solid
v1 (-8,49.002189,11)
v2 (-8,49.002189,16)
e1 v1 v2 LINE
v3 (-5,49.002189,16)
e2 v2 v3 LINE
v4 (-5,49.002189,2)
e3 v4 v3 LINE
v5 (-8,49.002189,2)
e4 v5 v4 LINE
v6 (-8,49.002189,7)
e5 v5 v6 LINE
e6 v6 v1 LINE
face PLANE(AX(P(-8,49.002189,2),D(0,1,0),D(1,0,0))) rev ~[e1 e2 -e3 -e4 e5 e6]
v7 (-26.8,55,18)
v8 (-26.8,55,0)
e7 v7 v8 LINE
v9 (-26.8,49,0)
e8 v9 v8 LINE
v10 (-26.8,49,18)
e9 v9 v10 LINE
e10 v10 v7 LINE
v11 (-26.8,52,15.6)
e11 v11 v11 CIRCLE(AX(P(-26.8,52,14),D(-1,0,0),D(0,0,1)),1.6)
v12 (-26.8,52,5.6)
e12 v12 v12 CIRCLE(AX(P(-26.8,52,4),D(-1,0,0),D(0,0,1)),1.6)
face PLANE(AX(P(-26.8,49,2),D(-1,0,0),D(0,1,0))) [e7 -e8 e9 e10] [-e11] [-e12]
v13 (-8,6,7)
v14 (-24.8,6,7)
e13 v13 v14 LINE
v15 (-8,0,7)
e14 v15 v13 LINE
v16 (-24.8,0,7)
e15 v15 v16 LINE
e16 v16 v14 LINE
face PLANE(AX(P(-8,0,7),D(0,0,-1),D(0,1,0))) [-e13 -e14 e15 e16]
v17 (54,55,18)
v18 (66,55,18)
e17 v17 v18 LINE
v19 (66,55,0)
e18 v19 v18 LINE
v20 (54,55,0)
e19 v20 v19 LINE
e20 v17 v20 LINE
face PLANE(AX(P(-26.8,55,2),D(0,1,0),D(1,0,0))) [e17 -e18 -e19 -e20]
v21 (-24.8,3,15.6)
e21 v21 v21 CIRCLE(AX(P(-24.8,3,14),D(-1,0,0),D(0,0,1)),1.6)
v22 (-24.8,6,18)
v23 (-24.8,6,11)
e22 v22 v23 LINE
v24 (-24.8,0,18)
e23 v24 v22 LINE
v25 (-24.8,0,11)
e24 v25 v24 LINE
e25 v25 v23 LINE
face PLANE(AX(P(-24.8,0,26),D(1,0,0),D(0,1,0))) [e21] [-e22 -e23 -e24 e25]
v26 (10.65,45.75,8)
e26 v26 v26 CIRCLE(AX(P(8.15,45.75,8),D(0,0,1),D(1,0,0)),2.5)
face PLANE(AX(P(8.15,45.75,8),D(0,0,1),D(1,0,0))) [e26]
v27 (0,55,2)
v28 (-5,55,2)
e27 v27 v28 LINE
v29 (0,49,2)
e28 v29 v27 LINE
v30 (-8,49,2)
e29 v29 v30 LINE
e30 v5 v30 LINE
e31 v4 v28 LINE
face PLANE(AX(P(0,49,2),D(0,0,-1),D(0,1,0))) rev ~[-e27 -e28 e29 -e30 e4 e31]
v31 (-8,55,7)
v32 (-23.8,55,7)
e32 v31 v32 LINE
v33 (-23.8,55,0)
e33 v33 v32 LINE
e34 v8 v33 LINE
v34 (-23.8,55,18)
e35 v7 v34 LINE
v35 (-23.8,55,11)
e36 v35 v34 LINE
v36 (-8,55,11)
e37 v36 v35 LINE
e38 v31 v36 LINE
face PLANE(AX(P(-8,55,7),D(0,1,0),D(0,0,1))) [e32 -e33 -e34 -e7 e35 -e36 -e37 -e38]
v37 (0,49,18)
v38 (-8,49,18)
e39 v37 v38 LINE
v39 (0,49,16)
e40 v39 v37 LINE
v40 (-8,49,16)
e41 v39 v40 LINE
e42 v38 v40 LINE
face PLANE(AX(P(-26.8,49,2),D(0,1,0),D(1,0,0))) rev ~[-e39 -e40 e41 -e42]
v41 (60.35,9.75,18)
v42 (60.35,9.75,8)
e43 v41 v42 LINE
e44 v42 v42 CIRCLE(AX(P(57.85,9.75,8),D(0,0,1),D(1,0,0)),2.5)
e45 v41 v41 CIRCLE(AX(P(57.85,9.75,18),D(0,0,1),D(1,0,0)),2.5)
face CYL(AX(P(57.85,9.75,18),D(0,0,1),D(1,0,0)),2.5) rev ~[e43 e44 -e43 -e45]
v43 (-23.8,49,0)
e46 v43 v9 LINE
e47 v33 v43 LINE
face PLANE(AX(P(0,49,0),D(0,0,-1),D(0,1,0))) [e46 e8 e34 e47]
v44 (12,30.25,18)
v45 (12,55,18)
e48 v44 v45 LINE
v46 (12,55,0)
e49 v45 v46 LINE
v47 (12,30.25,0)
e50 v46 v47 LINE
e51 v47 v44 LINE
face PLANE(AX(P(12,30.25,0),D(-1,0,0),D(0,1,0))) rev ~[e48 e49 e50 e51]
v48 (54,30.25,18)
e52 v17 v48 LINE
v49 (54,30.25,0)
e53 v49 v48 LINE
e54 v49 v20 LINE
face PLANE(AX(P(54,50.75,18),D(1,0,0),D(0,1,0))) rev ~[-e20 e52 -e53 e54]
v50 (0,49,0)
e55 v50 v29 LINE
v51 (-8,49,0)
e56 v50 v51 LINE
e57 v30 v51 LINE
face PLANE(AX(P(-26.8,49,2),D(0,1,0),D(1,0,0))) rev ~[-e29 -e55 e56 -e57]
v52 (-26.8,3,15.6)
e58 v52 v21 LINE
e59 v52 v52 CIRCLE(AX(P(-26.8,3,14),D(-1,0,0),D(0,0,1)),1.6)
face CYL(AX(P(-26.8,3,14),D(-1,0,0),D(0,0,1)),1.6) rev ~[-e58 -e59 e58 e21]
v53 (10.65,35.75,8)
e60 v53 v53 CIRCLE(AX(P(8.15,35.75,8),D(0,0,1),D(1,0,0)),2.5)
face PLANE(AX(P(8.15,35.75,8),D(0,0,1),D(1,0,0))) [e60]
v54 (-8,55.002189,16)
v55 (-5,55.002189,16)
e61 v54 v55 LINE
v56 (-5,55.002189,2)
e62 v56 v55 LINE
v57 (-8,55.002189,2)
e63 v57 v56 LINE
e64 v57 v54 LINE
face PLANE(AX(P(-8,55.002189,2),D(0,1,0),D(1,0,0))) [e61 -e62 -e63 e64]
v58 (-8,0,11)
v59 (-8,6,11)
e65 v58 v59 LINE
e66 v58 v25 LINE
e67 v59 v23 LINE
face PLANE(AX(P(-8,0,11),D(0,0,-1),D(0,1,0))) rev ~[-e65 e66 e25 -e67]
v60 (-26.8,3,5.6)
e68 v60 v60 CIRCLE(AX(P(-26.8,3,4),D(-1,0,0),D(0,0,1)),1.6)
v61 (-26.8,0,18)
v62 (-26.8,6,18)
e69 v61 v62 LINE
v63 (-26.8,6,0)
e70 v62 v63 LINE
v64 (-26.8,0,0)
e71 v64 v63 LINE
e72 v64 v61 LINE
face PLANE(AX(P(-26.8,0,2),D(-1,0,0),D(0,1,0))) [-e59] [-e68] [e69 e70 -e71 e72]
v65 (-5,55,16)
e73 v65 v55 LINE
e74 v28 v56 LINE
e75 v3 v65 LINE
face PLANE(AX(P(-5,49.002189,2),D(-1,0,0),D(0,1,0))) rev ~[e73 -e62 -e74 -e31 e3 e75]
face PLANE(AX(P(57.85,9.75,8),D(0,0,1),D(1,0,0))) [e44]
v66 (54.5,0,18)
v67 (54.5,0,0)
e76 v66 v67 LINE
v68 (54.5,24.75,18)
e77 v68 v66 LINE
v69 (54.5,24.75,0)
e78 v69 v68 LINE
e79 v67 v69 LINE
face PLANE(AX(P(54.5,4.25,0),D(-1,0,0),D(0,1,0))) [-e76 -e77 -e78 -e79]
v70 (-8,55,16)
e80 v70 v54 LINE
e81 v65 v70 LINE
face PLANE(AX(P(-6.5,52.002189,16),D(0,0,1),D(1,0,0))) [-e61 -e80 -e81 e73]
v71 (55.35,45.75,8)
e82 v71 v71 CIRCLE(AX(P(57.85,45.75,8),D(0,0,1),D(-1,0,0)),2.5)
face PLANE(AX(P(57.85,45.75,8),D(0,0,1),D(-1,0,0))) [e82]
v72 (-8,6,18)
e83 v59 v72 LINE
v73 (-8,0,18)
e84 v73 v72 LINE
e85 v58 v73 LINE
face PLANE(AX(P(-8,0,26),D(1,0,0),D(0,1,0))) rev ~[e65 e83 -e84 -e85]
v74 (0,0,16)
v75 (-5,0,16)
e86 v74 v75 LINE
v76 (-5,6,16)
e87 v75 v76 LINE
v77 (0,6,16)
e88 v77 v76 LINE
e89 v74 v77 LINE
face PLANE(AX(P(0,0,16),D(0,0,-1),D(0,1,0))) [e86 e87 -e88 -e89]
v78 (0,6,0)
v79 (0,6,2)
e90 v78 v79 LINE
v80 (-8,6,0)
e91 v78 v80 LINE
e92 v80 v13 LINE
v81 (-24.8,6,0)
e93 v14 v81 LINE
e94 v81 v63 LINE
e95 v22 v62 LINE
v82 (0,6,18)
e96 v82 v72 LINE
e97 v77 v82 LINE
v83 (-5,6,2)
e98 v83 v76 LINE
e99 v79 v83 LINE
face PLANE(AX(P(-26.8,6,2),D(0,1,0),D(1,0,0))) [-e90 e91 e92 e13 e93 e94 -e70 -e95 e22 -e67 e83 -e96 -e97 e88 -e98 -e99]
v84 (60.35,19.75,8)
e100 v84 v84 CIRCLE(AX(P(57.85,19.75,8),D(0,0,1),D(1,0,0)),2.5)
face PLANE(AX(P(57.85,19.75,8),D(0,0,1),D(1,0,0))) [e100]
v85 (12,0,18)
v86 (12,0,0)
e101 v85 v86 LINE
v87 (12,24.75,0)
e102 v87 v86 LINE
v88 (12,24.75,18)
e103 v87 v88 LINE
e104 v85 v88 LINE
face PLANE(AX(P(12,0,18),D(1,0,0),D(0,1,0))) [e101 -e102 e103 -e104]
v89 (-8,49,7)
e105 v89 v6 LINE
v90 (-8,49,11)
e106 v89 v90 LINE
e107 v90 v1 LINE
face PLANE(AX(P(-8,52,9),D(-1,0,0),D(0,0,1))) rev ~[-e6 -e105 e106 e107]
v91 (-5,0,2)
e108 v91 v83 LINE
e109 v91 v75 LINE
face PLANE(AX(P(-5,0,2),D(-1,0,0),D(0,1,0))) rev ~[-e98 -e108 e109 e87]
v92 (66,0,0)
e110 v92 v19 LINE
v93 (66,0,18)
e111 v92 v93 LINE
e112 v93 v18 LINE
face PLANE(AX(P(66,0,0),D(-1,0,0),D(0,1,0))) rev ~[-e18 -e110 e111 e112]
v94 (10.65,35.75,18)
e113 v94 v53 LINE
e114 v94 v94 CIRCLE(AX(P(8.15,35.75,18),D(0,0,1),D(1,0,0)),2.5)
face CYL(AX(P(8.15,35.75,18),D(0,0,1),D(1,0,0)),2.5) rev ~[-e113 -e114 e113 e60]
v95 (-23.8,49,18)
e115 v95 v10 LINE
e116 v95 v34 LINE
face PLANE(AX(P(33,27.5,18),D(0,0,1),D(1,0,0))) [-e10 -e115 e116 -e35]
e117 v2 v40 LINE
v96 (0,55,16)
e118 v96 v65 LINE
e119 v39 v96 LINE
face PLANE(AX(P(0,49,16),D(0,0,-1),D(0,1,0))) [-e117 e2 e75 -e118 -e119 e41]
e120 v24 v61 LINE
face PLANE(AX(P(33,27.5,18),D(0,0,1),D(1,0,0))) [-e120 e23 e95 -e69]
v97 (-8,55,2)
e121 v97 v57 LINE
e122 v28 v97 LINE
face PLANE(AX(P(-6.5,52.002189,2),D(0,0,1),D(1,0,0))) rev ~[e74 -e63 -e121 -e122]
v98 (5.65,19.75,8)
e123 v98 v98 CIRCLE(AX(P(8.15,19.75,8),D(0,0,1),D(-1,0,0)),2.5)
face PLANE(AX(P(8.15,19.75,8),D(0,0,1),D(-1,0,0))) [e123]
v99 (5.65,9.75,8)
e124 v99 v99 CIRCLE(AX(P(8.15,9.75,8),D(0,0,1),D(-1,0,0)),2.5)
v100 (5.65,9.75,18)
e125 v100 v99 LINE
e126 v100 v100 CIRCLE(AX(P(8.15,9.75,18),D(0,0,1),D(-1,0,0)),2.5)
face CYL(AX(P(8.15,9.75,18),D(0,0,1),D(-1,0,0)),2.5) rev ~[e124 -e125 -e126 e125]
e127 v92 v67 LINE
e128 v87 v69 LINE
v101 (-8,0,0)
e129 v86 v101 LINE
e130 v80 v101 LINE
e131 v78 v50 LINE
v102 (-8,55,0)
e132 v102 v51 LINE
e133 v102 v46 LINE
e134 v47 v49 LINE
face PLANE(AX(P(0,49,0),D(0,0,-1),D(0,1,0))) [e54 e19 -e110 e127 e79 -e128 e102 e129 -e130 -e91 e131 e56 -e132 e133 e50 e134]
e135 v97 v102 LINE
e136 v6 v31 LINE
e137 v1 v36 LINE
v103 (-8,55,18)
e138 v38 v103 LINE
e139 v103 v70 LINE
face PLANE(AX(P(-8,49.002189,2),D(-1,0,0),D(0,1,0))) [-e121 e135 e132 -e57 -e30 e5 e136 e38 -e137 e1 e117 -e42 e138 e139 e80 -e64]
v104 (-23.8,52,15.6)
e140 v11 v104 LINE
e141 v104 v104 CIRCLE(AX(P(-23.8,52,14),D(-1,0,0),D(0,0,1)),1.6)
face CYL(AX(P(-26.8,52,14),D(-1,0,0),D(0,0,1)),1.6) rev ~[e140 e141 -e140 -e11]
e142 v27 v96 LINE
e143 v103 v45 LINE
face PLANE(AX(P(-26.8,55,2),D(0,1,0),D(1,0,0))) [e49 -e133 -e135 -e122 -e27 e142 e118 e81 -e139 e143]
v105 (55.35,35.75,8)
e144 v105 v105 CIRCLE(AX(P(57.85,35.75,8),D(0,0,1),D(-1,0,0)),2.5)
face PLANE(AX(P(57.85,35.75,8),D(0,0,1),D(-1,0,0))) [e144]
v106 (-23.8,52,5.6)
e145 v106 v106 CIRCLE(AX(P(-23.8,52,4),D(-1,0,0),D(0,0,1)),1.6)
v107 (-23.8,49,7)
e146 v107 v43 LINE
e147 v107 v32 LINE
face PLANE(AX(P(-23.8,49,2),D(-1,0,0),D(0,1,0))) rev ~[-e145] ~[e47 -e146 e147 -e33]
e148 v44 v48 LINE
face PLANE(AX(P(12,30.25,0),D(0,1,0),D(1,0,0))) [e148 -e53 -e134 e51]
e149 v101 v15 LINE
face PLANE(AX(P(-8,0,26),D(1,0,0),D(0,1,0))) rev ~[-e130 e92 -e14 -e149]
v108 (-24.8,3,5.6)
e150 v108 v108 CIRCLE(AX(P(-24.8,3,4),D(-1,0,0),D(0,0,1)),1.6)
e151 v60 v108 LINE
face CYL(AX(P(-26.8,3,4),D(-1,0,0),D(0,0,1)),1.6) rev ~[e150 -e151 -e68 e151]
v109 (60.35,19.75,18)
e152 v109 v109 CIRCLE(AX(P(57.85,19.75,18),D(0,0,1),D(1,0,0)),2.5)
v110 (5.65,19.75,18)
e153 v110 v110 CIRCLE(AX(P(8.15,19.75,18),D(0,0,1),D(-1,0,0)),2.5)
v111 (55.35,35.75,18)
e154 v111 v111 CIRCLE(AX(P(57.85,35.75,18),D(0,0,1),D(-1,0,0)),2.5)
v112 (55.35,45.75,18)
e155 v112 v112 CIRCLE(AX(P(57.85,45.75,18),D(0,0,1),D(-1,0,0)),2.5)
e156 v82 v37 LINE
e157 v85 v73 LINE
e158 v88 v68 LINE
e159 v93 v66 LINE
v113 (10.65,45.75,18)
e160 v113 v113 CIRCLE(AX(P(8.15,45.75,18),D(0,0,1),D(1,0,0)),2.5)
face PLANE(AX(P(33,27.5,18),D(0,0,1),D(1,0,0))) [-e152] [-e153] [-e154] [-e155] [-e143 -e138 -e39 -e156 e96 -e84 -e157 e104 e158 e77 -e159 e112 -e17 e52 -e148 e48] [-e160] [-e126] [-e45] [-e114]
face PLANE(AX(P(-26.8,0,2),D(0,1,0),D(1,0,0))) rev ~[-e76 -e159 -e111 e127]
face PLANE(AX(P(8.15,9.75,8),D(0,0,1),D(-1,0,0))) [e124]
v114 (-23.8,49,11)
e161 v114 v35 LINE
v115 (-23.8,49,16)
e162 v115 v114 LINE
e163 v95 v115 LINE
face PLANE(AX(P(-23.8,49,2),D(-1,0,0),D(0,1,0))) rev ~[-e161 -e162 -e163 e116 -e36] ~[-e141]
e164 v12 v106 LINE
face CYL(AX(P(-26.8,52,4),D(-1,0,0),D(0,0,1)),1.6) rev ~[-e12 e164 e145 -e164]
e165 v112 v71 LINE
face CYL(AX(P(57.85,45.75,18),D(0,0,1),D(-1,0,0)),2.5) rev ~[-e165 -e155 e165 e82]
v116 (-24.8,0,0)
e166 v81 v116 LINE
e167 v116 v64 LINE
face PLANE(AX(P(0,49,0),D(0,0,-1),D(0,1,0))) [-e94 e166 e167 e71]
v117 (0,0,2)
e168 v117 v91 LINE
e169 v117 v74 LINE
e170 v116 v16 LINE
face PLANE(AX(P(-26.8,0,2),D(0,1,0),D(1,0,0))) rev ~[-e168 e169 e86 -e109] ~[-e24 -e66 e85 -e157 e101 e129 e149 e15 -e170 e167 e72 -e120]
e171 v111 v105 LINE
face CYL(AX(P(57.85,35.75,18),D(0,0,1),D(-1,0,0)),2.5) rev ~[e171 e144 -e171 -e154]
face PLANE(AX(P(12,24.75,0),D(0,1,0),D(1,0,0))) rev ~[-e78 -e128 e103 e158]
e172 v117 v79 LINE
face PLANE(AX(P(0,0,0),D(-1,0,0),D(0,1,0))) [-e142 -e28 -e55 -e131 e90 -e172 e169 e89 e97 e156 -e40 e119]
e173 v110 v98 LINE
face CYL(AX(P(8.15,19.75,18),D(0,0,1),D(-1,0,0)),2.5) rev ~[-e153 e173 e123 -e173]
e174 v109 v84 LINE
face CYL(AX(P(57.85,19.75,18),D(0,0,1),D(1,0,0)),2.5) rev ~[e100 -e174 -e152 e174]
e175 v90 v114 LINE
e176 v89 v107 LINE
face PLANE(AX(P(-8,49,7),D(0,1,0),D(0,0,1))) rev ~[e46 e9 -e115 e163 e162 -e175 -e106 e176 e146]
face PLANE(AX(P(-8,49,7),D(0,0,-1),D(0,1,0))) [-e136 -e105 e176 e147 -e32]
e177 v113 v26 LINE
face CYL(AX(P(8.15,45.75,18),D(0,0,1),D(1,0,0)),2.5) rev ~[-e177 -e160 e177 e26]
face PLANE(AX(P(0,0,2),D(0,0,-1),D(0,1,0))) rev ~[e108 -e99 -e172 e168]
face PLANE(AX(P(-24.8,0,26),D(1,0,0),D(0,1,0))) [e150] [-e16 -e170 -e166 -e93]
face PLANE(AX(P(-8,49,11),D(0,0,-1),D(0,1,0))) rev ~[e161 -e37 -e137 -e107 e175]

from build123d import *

# Parameters (mm, degrees)
SKETCH2_W               = 66
SKETCH2_H               = 55
SKETCH2_W_2             = 42
SKETCH2_H_2             = 20.5
SKETCH2_W_3             = 42.5
BOSS_EXTRUDE1_DEPTH     = 18
SKETCH3_R               = 2.5
CUT_EXTRUDE1_DEPTH      = 10
SKETCH5_W               = 2
SKETCH5_H               = 6
BOSS_EXTRUDE2_DEPTH     = 26.8
BOSS_EXTRUDE3_REACH     = 89.39
SKETCH6_W               = 3
SKETCH6_H               = 6
SKETCH6_W_2             = 2
SKETCH7_R               = 1.6
CUT_EXTRUDE2_DEPTH      = 10
CUT_EXTRUDE3_REACH      = 89.778
SKETCH8_W               = 42
SKETCH8_H               = 4.25
SKETCH8_W_2             = 42.5
SKETCH9_W               = 3
SKETCH9_H               = 6
BOSS_EXTRUDE5_DEPTH     = 14
CUT_EXTRUDE4_DEPTH      = 21
CUT_EXTRUDE4_DEPTH_BACK = 10
SKETCH10_W              = 15.8
SKETCH10_H              = 6.002189295
SKETCH11_W              = 4
SKETCH11_H              = 6
BOSS_EXTRUDE6_DEPTH     = 15.8
SKETCH12_W              = 3
SKETCH12_H              = 6
BOSS_EXTRUDE7_DEPTH     = 14
CUT_EXTRUDE5_DEPTH      = 18
CUT_EXTRUDE5_DEPTH_BACK = 10
SKETCH13_W              = 16.8
SKETCH13_H              = 6
SKETCH14_W              = 4
SKETCH14_H              = 6
BOSS_EXTRUDE8_DEPTH     = 16.8


with BuildPart() as part:
    # Sketch2 → Boss-Extrude1 (new body)
    with BuildSketch(Plane.XY):
        with Locations((33, 27.5)):
            Rectangle(SKETCH2_W, SKETCH2_H)
        with Locations((33, 40.5)):
            Rectangle(SKETCH2_W_2, SKETCH2_H_2, mode=Mode.SUBTRACT)
        with Locations((33.25, 14.5)):
            Rectangle(SKETCH2_W_3, SKETCH2_H_2, mode=Mode.SUBTRACT)
    extrude(amount=BOSS_EXTRUDE1_DEPTH)

    # Sketch3 → Cut-Extrude1 (cut)
    with BuildSketch(Plane.XY.offset(18)):
        with Locations((8.15, 45.75)):
            Circle(SKETCH3_R)
        with Locations((8.15, 35.75)):
            Circle(SKETCH3_R)
        with Locations(Location((57.85, 35.75, 0), (0, 0, 180))):
            Circle(SKETCH3_R)
        with Locations(Location((57.85, 45.75, 0), (0, 0, 180))):
            Circle(SKETCH3_R)
        with Locations(Location((8.15, 19.75, 0), (0, 0, 180))):
            Circle(SKETCH3_R)
        with Locations(Location((8.15, 9.75, 0), (0, 0, 180))):
            Circle(SKETCH3_R)
        with Locations((57.85, 9.75)):
            Circle(SKETCH3_R)
        with Locations((57.85, 19.75)):
            Circle(SKETCH3_R)
    extrude(amount=-CUT_EXTRUDE1_DEPTH, mode=Mode.SUBTRACT)

    # Sketch5 → Boss-Extrude2 (add)
    with BuildSketch(Plane.ZY):
        with Locations((1, 52)):
            Rectangle(SKETCH5_W, SKETCH5_H)
        with Locations((17, 52)):
            Rectangle(SKETCH5_W, SKETCH5_H)
        with Locations((1, 3)):
            Rectangle(SKETCH5_W, SKETCH5_H)
        with Locations((17, 3)):
            Rectangle(SKETCH5_W, SKETCH5_H)
    extrude(amount=BOSS_EXTRUDE2_DEPTH)

    # Sketch6 → Boss-Extrude3 (add, up to next)
    with BuildSketch(Plane.XY.offset(2), mode=Mode.PRIVATE) as boss_extrude3_sk1:
        with Locations((-25.3, 52)):
            Rectangle(SKETCH6_W, SKETCH6_H)
    boss_extrude3_tool1 = extrude(boss_extrude3_sk1.sketch, amount=BOSS_EXTRUDE3_REACH, mode=Mode.PRIVATE) - part.part
    # Sketch6 → Boss-Extrude3 (add, up to next)
    with BuildSketch(Plane.XY.offset(2), mode=Mode.PRIVATE) as boss_extrude3_sk2:
        with Locations((-25.8, 3)):
            Rectangle(SKETCH6_W_2, SKETCH6_H)
    boss_extrude3_tool2 = extrude(boss_extrude3_sk2.sketch, amount=BOSS_EXTRUDE3_REACH, mode=Mode.PRIVATE) - part.part
    add(boss_extrude3_tool1.solids().sort_by_distance((-25.3, 52, 2))[0])
    add(boss_extrude3_tool2.solids().sort_by_distance((-25.8, 3, 2))[0])

    # Sketch7 → Cut-Extrude2 (cut)
    with BuildSketch(Plane.ZY.offset(26.8)):
        with Locations((4, 52)):
            Circle(SKETCH7_R)
        with Locations((14, 52)):
            Circle(SKETCH7_R)
        with Locations((4, 3)):
            Circle(SKETCH7_R)
        with Locations((14, 3)):
            Circle(SKETCH7_R)
    extrude(amount=-CUT_EXTRUDE2_DEPTH, mode=Mode.SUBTRACT)

    # Sketch8 → Cut-Extrude3 (cut, up to next)
    with BuildSketch(Plane.XY.offset(18), mode=Mode.PRIVATE) as cut_extrude3_sk1:
        with Locations((33, 52.875)):
            Rectangle(SKETCH8_W, SKETCH8_H)
    cut_extrude3_tool1 = extrude(cut_extrude3_sk1.sketch, amount=-CUT_EXTRUDE3_REACH, mode=Mode.PRIVATE) & part.part
    # Sketch8 → Cut-Extrude3 (cut, up to next)
    with BuildSketch(Plane.XY.offset(18), mode=Mode.PRIVATE) as cut_extrude3_sk2:
        with Locations((33.25, 2.125)):
            Rectangle(SKETCH8_W_2, SKETCH8_H)
    cut_extrude3_tool2 = extrude(cut_extrude3_sk2.sketch, amount=-CUT_EXTRUDE3_REACH, mode=Mode.PRIVATE) & part.part
    add(cut_extrude3_tool1.solids().sort_by_distance((33, 52.875, 18))[0], mode=Mode.SUBTRACT)
    add(cut_extrude3_tool2.solids().sort_by_distance((33.25, 2.125, 18))[0], mode=Mode.SUBTRACT)

    # Sketch9 → Boss-Extrude5 (add)
    with BuildSketch(Plane.XY.offset(2)):
        with Locations((-6.5, 52.002189295)):
            Rectangle(SKETCH9_W, SKETCH9_H)
    extrude(amount=BOSS_EXTRUDE5_DEPTH)

    # Sketch10 → Cut-Extrude4 (cut, two sides: drawn at the far end of the back side and taken through both)
    with BuildSketch(Plane(origin=(0, 0, 16), x_dir=(-1, 0, 0), z_dir=(0, 0, -1)).offset(-CUT_EXTRUDE4_DEPTH_BACK)):
        with Locations((15.9, 52.001094647)):
            Rectangle(SKETCH10_W, SKETCH10_H)
    extrude(amount=CUT_EXTRUDE4_DEPTH + CUT_EXTRUDE4_DEPTH_BACK, mode=Mode.SUBTRACT)


with BuildPart() as cut_extrude4_piece_1:
    # of the separate pieces the step leaves, piece 1, a body of its own (cut_extrude4_pieces)
    add(part.part.solids().sort_by_distance((12, 55, 0))[0])



with BuildPart() as cut_extrude4_piece_2:
    # of the separate pieces the step leaves, piece 2, a body of its own (cut_extrude4_pieces)
    add(part.part.solids().sort_by_distance((-23.8, 55, 0))[0])


with BuildPart() as cut_extrude4_piece_1_1:
    add(cut_extrude4_piece_1.part)

    add(cut_extrude4_piece_2.part)  # Boss-Extrude6 merges Cut-Extrude4 piece 2
    # Sketch11 → Boss-Extrude6 (add)
    with BuildSketch(Plane.ZY.offset(8)):
        with Locations((9, 52)):
            Rectangle(SKETCH11_W, SKETCH11_H)
    extrude(amount=BOSS_EXTRUDE6_DEPTH)

    # Sketch12 → Boss-Extrude7 (add)
    with BuildSketch(Plane.XY.offset(2)):
        with Locations((-6.5, 3)):
            Rectangle(SKETCH12_W, SKETCH12_H)
    extrude(amount=BOSS_EXTRUDE7_DEPTH)

    # Sketch13 → Cut-Extrude5 (cut, two sides: drawn at the far end of the back side and taken through both)
    with BuildSketch(Plane(origin=(0, 0, 16), x_dir=(-1, 0, 0), z_dir=(0, 0, -1)).offset(-CUT_EXTRUDE5_DEPTH_BACK)):
        with Locations((16.4, 3)):
            Rectangle(SKETCH13_W, SKETCH13_H)
    extrude(amount=CUT_EXTRUDE5_DEPTH + CUT_EXTRUDE5_DEPTH_BACK, mode=Mode.SUBTRACT)


with BuildPart() as cut_extrude5_piece_1:
    # of the separate pieces the step leaves, piece 1, a body of its own (cut_extrude5_pieces)
    add(cut_extrude4_piece_1_1.part.solids().sort_by_distance((-23.8, 55, 0))[0])



with BuildPart() as cut_extrude5_piece_2:
    # of the separate pieces the step leaves, piece 2, a body of its own (cut_extrude5_pieces)
    add(cut_extrude4_piece_1_1.part.solids().sort_by_distance((-24.8, 0, 18))[0])


with BuildPart() as cut_extrude5_piece_1_1:
    add(cut_extrude5_piece_1.part)

    add(cut_extrude5_piece_2.part)  # Boss-Extrude8 merges Cut-Extrude5 piece 2
    # Sketch14 → Boss-Extrude8 (add)
    with BuildSketch(Plane.ZY.offset(8)):
        with Locations((9, 3)):
            Rectangle(SKETCH14_W, SKETCH14_H)
    extrude(amount=BOSS_EXTRUDE8_DEPTH)


solid = cut_extrude5_piece_1_1.part
